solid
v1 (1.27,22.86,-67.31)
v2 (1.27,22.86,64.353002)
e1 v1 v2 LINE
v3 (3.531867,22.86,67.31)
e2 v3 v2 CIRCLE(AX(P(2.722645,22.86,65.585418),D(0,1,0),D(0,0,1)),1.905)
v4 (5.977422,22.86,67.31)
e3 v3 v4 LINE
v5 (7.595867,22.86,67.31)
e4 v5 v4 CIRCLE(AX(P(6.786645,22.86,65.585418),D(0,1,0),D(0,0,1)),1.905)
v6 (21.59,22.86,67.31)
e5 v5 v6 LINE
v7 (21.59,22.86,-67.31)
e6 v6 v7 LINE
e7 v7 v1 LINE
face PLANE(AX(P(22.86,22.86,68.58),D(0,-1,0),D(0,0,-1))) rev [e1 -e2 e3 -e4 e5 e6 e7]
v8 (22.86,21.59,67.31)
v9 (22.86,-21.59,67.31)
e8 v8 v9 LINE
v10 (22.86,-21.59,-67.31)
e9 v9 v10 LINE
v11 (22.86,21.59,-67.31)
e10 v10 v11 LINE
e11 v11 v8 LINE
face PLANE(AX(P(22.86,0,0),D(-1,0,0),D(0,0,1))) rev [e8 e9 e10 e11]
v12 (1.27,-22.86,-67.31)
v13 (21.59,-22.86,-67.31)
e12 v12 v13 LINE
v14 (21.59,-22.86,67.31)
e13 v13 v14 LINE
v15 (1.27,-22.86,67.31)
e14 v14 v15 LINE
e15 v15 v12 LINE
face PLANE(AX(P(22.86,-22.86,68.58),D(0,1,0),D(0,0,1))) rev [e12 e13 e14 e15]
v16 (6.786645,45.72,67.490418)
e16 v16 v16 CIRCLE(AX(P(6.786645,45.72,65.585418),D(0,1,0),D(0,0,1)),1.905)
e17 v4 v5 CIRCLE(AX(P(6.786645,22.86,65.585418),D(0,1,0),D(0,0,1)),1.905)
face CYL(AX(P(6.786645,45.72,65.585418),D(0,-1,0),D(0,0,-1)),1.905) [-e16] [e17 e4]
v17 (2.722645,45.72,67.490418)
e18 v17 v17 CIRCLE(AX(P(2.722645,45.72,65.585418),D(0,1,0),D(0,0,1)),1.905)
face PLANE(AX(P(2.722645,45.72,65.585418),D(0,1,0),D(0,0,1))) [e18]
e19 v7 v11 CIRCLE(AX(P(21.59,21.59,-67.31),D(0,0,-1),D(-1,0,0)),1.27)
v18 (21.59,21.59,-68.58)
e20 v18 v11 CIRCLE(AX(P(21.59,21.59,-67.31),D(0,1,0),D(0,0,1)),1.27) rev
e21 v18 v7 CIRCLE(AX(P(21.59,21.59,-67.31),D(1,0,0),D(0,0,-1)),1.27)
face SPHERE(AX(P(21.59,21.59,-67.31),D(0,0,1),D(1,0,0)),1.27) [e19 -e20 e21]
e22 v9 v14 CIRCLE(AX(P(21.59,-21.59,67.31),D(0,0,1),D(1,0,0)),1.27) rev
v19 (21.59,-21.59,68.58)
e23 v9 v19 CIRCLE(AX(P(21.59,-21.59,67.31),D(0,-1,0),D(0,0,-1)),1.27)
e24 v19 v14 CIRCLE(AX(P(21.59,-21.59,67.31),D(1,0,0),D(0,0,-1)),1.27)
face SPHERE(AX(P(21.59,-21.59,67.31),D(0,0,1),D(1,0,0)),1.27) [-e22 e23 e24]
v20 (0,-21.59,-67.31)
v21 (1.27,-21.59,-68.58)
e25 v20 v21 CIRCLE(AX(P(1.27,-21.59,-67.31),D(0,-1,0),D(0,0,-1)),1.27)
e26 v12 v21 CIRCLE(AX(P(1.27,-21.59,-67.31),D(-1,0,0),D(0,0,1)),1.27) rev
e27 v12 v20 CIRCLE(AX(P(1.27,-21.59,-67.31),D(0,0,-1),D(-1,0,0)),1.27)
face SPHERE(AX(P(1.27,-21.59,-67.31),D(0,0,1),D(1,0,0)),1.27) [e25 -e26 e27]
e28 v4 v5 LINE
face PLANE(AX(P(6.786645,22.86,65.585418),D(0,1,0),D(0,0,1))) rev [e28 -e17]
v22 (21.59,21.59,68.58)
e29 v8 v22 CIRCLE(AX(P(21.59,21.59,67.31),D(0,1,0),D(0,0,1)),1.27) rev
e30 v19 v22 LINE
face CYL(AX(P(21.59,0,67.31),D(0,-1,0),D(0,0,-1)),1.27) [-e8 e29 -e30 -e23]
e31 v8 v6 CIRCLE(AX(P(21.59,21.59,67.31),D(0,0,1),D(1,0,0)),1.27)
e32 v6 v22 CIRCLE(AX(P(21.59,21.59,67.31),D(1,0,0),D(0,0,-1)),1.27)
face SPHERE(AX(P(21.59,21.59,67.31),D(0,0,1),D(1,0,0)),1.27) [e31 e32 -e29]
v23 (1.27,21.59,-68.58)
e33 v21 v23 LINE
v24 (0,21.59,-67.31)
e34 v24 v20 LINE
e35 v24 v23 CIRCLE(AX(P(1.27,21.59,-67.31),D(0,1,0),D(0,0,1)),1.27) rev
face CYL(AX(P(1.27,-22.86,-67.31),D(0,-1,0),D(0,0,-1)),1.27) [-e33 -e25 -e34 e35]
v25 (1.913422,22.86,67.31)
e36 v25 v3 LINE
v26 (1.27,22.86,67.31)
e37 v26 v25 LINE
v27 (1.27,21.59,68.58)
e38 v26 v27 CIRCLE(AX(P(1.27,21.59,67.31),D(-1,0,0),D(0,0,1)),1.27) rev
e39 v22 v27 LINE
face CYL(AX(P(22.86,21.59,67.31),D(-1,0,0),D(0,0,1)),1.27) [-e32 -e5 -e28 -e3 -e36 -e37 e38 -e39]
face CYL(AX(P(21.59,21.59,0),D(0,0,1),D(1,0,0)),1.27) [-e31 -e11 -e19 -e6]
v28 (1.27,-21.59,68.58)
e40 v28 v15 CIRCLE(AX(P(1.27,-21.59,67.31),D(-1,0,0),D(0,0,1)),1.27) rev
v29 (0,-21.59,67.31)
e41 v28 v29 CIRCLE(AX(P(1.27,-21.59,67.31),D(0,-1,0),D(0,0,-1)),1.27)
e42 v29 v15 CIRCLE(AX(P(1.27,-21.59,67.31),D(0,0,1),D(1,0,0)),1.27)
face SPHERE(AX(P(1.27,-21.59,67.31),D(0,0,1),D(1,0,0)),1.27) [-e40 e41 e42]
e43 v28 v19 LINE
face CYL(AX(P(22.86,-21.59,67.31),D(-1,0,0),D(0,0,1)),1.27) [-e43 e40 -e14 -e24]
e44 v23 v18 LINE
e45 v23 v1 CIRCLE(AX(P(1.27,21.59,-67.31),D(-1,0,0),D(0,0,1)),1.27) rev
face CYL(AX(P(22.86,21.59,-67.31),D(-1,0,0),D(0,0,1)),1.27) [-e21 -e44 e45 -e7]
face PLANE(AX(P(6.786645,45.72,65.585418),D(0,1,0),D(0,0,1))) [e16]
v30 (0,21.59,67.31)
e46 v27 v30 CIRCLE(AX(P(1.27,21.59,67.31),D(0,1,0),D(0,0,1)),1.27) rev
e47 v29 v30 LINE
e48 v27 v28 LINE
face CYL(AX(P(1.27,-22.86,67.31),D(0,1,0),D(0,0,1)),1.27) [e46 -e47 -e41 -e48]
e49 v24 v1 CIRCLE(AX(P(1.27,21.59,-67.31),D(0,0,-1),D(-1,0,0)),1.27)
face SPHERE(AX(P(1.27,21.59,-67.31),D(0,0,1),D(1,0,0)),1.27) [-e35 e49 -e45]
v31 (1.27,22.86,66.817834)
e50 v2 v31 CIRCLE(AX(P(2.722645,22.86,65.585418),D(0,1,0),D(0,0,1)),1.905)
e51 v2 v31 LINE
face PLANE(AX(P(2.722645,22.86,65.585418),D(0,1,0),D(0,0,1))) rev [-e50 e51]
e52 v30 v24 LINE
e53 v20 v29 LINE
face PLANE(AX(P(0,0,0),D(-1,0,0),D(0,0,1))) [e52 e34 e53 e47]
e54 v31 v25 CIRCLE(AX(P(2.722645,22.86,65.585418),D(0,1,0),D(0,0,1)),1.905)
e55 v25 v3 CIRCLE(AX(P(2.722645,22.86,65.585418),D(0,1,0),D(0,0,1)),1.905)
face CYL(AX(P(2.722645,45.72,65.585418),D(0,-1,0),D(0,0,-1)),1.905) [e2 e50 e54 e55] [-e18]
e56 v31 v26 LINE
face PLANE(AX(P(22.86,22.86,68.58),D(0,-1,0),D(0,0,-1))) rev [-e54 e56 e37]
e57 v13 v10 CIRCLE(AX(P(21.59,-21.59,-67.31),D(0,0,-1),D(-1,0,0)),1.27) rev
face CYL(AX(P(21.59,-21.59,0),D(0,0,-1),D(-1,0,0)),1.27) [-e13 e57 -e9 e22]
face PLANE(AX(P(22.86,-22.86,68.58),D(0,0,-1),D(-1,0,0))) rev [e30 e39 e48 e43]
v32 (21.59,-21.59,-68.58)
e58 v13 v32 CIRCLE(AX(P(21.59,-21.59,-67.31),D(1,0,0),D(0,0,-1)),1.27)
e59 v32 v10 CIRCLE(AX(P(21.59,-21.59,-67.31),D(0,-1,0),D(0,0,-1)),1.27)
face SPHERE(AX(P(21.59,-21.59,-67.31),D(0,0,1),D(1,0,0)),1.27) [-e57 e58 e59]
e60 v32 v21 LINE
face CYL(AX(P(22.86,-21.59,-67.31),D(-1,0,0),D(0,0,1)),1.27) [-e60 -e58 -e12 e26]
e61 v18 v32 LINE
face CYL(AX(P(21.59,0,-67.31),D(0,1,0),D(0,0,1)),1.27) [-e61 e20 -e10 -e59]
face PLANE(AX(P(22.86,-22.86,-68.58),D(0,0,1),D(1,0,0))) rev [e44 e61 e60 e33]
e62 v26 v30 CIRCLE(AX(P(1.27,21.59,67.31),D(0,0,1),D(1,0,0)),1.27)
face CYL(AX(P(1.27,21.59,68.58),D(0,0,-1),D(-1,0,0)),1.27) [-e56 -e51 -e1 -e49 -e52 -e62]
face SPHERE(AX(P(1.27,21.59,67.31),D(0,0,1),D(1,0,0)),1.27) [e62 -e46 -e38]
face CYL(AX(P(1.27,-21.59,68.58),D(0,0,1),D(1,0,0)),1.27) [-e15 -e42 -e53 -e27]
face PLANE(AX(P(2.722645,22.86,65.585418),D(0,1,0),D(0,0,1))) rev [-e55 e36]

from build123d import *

# Parameters (mm, degrees)
SKETCH1_W           = 137.16
SKETCH1_H           = 45.72
BOSS_EXTRUDE1_DEPTH = 22.86
FILLET1_R           = 1.27
SKETCH2_R           = 1.905
BOSS_EXTRUDE2_DEPTH = 22.86


with BuildPart() as part:
    # Sketch1 → Boss-Extrude1 (new body)
    with BuildSketch(Plane(origin=(0, 0, 0), x_dir=(0, 0, -1), z_dir=(1, 0, 0))):
        Rectangle(SKETCH1_W, SKETCH1_H)
    extrude(amount=BOSS_EXTRUDE1_DEPTH)

    # Fillet1
    fillet1_edges = [part.edges().sort_by_distance(p)[0] for p in [
        (22.86, 0, 68.58),
        (22.86, -22.86, 0),
        (22.86, 0, -68.58),
        (0, -22.86, 0),
        (0, 0, 68.58),
        (0, 22.86, 0),
        (0, 0, -68.58),
        (22.86, 22.86, 0),
        (11.43, -22.86, -68.58),
        (11.43, -22.86, 68.58),
        (11.43, 22.86, 68.58),
        (11.43, 22.86, -68.58),
    ]]
    fillet(fillet1_edges, radius=FILLET1_R)

    # Sketch2 → Boss-Extrude2 (add)
    with BuildSketch(Plane(origin=(0, 22.86, 0), x_dir=(1, 0, 0), z_dir=(0, 1, 0))):
        with Locations((2.722644531, -65.585417965)):
            Circle(SKETCH2_R)
        with Locations((6.786644531, -65.585417965)):
            Circle(SKETCH2_R)
    extrude(amount=BOSS_EXTRUDE2_DEPTH)


solid = part.part
